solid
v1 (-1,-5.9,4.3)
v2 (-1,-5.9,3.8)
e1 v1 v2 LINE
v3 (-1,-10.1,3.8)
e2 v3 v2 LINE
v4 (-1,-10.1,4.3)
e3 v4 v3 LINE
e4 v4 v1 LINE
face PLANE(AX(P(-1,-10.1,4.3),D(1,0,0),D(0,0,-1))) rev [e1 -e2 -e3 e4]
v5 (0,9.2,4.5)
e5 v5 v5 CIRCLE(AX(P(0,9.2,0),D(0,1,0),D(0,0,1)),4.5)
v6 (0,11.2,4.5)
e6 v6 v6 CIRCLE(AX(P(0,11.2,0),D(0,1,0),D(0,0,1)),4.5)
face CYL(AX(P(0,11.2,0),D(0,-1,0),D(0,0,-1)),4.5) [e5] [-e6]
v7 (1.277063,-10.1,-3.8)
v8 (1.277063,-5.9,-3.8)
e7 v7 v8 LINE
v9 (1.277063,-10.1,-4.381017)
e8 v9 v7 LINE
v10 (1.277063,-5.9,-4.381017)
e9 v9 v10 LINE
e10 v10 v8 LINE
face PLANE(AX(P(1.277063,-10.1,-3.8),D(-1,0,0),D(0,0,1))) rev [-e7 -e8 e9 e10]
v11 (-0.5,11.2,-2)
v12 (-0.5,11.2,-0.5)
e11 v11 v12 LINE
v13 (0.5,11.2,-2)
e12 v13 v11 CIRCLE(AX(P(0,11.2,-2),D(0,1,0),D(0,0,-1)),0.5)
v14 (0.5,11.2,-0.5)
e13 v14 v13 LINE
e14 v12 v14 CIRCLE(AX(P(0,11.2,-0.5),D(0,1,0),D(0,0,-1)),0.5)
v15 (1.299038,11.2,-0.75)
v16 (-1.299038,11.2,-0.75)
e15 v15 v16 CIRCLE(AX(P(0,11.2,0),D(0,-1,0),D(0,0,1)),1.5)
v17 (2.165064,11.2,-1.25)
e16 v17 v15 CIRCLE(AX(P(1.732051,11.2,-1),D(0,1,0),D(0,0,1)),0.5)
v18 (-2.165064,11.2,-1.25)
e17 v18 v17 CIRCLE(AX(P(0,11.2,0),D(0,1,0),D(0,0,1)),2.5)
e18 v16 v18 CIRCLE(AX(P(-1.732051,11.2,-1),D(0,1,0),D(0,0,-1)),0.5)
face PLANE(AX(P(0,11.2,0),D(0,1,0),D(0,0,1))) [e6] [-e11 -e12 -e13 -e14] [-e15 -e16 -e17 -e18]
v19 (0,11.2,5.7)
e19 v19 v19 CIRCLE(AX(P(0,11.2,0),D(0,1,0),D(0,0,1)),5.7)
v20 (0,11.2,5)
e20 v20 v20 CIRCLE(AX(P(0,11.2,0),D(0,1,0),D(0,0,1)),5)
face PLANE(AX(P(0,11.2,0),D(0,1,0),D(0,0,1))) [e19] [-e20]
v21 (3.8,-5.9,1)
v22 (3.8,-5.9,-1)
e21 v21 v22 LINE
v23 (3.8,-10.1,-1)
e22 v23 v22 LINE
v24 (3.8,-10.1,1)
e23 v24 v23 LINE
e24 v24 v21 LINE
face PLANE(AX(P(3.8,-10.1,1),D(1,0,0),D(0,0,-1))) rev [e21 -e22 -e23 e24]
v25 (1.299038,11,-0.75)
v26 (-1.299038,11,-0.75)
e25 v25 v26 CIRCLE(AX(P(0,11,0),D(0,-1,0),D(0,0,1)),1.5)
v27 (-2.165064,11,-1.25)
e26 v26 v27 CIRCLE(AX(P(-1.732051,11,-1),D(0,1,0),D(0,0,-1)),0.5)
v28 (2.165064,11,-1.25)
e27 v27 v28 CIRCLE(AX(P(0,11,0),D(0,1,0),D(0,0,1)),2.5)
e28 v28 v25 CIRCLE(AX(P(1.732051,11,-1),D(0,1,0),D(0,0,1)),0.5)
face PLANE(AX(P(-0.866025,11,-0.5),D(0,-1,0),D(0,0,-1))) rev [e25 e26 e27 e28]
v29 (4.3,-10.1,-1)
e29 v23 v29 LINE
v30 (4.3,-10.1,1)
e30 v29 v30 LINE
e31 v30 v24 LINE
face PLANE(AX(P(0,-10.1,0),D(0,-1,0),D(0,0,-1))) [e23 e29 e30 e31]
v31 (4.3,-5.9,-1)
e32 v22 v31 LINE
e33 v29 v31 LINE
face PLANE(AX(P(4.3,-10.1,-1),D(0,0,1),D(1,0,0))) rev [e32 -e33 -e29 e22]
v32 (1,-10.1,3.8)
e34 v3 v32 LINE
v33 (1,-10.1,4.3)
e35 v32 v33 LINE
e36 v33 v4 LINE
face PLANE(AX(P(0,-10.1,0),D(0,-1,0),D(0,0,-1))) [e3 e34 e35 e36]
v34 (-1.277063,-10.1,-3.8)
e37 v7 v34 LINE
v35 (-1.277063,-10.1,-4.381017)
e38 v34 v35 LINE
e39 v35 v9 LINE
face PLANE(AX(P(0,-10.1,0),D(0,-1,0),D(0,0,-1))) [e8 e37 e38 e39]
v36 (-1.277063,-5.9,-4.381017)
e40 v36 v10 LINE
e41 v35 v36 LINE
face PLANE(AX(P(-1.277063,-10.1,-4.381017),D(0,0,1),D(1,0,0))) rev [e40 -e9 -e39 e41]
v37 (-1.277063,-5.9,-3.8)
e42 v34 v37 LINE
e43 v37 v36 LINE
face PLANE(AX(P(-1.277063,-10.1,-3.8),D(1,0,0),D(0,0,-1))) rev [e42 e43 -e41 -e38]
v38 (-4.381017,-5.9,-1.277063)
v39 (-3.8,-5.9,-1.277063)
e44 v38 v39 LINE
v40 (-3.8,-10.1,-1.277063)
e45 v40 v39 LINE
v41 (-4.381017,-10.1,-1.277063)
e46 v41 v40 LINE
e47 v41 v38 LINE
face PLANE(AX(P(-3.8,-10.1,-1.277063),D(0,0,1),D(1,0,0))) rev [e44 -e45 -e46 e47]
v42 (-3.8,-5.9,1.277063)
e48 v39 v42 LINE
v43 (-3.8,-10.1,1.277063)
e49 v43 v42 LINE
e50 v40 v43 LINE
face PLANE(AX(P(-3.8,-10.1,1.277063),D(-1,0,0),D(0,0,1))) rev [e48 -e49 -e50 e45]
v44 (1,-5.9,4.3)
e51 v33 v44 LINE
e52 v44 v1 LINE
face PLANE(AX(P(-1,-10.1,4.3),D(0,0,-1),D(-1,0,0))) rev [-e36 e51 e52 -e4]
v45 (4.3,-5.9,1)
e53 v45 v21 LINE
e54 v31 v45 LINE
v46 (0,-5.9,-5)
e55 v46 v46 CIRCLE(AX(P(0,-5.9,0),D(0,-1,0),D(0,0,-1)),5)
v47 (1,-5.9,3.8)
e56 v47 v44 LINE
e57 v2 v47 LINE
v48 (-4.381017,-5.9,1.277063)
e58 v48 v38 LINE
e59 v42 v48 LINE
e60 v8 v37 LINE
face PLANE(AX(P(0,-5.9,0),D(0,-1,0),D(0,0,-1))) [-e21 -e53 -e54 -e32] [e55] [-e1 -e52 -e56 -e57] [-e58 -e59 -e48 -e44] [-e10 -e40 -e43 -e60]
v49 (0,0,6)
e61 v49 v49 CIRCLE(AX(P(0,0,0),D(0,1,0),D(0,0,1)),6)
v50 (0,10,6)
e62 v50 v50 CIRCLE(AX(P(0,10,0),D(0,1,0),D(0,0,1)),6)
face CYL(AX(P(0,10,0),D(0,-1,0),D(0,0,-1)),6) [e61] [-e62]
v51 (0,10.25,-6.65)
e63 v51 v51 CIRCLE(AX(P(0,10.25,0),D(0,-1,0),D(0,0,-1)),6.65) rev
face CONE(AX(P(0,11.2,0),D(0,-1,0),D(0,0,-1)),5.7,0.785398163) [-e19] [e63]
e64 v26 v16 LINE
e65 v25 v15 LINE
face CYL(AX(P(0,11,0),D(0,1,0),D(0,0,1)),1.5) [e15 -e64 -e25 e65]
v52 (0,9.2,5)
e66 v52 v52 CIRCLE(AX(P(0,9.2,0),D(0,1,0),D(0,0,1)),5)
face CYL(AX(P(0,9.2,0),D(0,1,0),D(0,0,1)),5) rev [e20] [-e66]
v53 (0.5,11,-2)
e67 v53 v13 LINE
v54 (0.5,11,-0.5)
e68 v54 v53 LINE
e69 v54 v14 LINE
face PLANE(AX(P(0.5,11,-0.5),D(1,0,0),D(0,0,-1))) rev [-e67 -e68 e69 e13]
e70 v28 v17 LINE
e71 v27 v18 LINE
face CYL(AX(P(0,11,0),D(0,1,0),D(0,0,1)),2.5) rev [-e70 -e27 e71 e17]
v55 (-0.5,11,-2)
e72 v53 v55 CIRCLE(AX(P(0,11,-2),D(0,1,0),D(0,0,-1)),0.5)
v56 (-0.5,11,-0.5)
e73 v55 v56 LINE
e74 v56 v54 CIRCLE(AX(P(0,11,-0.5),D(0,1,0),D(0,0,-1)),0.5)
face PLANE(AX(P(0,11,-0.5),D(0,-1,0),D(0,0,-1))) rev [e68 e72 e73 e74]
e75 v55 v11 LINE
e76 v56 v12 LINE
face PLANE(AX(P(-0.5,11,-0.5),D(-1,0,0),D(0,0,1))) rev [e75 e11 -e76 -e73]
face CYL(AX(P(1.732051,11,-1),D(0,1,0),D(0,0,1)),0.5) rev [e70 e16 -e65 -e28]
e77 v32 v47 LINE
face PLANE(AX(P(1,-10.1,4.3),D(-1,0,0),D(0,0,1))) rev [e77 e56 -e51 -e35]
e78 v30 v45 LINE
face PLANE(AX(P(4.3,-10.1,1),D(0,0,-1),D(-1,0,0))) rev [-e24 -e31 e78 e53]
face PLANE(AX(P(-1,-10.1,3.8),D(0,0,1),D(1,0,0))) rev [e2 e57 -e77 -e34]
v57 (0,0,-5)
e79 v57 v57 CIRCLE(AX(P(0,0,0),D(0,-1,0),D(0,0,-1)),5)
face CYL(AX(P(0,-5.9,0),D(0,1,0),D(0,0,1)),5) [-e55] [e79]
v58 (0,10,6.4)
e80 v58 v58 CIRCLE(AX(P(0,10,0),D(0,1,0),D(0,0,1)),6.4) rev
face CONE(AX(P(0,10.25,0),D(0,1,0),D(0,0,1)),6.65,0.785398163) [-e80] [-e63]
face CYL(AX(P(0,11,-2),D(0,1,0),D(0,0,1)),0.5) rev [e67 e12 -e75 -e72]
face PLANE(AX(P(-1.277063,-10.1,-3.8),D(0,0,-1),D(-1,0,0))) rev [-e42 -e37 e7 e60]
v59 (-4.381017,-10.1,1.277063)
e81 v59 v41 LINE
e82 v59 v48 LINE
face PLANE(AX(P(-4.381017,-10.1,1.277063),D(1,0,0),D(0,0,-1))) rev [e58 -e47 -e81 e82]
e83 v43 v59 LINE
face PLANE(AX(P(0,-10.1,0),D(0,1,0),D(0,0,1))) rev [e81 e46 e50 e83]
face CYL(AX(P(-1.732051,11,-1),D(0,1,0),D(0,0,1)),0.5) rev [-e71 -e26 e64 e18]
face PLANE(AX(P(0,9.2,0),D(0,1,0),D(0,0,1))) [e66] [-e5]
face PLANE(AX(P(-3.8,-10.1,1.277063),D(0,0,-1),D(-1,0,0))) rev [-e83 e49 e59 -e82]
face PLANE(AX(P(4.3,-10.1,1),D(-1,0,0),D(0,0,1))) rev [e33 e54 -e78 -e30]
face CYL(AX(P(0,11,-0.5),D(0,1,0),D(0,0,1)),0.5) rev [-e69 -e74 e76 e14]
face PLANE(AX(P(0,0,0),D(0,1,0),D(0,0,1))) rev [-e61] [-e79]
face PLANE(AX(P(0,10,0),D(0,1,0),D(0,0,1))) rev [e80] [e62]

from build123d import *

# Parameters (mm, degrees)
SKETCH_1_R          = 6
EXTRUDE_1_DEPTH     = 10
SKETCH_2_R          = 5.7
SKETCH_3_R          = 6.9
CHAMFER_1_SIZE      = 0.5
CHAMFER_1_SIZE2     = 0.353553391
SKETCH_4_R          = 5
CUT_EXTRUDE_1_DEPTH = 2
SKETCH_5_R          = 4.5
EXTRUDE_2_DEPTH     = 2
CUT_EXTRUDE_2_DEPTH = 0.2
SKETCH_20_R         = 5
EXTRUDE_3_DEPTH     = 5.9
SKETCH_21_W         = 2
SKETCH_21_H         = 0.5
SKETCH_21_W_2       = 2.554126296
SKETCH_21_H_2       = 0.581017117
SKETCH_21_W_3       = 0.5
SKETCH_21_H_3       = 2
SKETCH_21_W_4       = 0.581017117
SKETCH_21_H_4       = 2.554126296
EXTRUDE_4_DEPTH     = 4.2


with BuildPart() as part:
    # 草图1 → 凸台-拉伸1 (new body)
    with BuildSketch(Plane(origin=(0, 0, 0), x_dir=(1, 0, 0), z_dir=(0, 1, 0))):
        with Locations(Location((0, 0, 0), (0, 0, 270))):
            Circle(SKETCH_1_R)
    extrude(amount=EXTRUDE_1_DEPTH)

    # 草图2 → 放样1 section 0
    with BuildSketch(Plane(origin=(0, 11.2, 0), x_dir=(1, 0, 0), z_dir=(0, 1, 0))):
        Circle(SKETCH_2_R)
    # 草图3 → 放样1 section 1
    with BuildSketch(Plane(origin=(0, 10, 0), x_dir=(1, 0, 0), z_dir=(0, 1, 0))):
        Circle(SKETCH_3_R)
    loft()

    # 倒角1
    chamfer_1_edges = [part.edges().sort_by_distance(p)[0] for p in [
        (-6.9, 10, 0),
    ]]
    chamfer_1_side = [part.faces().sort_by_distance(p)[0] for p in [
        (-6.704838528, 10, 0),
    ]]
    chamfer(chamfer_1_edges, length=CHAMFER_1_SIZE, length2=CHAMFER_1_SIZE2, reference=chamfer_1_side[0])

    # 草图4 → 切除-拉伸1 (cut)
    with BuildSketch(Plane(origin=(0, 11.2, 0), x_dir=(1, 0, 0), z_dir=(0, 1, 0))):
        with Locations(Location((0, 0, 0), (0, 0, 270))):
            Circle(SKETCH_4_R)
    extrude(amount=-CUT_EXTRUDE_1_DEPTH, mode=Mode.SUBTRACT)

    # 草图5 → 凸台-拉伸2 (add)
    with BuildSketch(Plane(origin=(0, 9.2, 0), x_dir=(1, 0, 0), z_dir=(0, 1, 0))):
        with Locations(Location((0, 0, 0), (0, 0, 270))):
            Circle(SKETCH_5_R)
    extrude(amount=EXTRUDE_2_DEPTH)

    # 草图6 → 切除-拉伸2 (cut)
    with BuildSketch(Plane(origin=(0, 11.2, 0), x_dir=(1, 0, 0), z_dir=(0, 1, 0))):
        with BuildLine():
            Line((-0.5, 0.5), (-0.5, 2))
            ThreePointArc((-0.5, 2), (0, 2.5), (0.5, 2))
            Line((0.5, 2), (0.5, 0.5))
            ThreePointArc((0.5, 0.5), (0, 0), (-0.5, 0.5))
        make_face()
        with BuildLine():
            ThreePointArc((-2.165063509, 1.25), (0, -2.5), (2.165063509, 1.25))
            ThreePointArc((2.165063509, 1.25), (1.482050808, 1.433012702), (1.299038106, 0.75))
            ThreePointArc((1.299038106, 0.75), (0, -1.5), (-1.299038106, 0.75))
            ThreePointArc((-1.299038106, 0.75), (-1.482050808, 1.433012702), (-2.165063509, 1.25))
        make_face()
    extrude(amount=-CUT_EXTRUDE_2_DEPTH, mode=Mode.SUBTRACT)

    # 草图20 → 凸台-拉伸3 (add)
    with BuildSketch(Plane.XZ):
        with Locations(Location((0, 0, 0), (0, 0, 90))):
            Circle(SKETCH_20_R)
    extrude(amount=EXTRUDE_3_DEPTH)

    # 草图21 → 凸台-拉伸4 (add)
    with BuildSketch(Plane.XZ.offset(5.9)):
        with Locations((0, 4.05)):
            Rectangle(SKETCH_21_W, SKETCH_21_H)
        with Locations((0, -4.090508558)):
            Rectangle(SKETCH_21_W_2, SKETCH_21_H_2)
        with Locations((4.05, 0)):
            Rectangle(SKETCH_21_W_3, SKETCH_21_H_3)
        with Locations((-4.090508558, 0)):
            Rectangle(SKETCH_21_W_4, SKETCH_21_H_4)
    extrude(amount=EXTRUDE_4_DEPTH)


solid = part.part
